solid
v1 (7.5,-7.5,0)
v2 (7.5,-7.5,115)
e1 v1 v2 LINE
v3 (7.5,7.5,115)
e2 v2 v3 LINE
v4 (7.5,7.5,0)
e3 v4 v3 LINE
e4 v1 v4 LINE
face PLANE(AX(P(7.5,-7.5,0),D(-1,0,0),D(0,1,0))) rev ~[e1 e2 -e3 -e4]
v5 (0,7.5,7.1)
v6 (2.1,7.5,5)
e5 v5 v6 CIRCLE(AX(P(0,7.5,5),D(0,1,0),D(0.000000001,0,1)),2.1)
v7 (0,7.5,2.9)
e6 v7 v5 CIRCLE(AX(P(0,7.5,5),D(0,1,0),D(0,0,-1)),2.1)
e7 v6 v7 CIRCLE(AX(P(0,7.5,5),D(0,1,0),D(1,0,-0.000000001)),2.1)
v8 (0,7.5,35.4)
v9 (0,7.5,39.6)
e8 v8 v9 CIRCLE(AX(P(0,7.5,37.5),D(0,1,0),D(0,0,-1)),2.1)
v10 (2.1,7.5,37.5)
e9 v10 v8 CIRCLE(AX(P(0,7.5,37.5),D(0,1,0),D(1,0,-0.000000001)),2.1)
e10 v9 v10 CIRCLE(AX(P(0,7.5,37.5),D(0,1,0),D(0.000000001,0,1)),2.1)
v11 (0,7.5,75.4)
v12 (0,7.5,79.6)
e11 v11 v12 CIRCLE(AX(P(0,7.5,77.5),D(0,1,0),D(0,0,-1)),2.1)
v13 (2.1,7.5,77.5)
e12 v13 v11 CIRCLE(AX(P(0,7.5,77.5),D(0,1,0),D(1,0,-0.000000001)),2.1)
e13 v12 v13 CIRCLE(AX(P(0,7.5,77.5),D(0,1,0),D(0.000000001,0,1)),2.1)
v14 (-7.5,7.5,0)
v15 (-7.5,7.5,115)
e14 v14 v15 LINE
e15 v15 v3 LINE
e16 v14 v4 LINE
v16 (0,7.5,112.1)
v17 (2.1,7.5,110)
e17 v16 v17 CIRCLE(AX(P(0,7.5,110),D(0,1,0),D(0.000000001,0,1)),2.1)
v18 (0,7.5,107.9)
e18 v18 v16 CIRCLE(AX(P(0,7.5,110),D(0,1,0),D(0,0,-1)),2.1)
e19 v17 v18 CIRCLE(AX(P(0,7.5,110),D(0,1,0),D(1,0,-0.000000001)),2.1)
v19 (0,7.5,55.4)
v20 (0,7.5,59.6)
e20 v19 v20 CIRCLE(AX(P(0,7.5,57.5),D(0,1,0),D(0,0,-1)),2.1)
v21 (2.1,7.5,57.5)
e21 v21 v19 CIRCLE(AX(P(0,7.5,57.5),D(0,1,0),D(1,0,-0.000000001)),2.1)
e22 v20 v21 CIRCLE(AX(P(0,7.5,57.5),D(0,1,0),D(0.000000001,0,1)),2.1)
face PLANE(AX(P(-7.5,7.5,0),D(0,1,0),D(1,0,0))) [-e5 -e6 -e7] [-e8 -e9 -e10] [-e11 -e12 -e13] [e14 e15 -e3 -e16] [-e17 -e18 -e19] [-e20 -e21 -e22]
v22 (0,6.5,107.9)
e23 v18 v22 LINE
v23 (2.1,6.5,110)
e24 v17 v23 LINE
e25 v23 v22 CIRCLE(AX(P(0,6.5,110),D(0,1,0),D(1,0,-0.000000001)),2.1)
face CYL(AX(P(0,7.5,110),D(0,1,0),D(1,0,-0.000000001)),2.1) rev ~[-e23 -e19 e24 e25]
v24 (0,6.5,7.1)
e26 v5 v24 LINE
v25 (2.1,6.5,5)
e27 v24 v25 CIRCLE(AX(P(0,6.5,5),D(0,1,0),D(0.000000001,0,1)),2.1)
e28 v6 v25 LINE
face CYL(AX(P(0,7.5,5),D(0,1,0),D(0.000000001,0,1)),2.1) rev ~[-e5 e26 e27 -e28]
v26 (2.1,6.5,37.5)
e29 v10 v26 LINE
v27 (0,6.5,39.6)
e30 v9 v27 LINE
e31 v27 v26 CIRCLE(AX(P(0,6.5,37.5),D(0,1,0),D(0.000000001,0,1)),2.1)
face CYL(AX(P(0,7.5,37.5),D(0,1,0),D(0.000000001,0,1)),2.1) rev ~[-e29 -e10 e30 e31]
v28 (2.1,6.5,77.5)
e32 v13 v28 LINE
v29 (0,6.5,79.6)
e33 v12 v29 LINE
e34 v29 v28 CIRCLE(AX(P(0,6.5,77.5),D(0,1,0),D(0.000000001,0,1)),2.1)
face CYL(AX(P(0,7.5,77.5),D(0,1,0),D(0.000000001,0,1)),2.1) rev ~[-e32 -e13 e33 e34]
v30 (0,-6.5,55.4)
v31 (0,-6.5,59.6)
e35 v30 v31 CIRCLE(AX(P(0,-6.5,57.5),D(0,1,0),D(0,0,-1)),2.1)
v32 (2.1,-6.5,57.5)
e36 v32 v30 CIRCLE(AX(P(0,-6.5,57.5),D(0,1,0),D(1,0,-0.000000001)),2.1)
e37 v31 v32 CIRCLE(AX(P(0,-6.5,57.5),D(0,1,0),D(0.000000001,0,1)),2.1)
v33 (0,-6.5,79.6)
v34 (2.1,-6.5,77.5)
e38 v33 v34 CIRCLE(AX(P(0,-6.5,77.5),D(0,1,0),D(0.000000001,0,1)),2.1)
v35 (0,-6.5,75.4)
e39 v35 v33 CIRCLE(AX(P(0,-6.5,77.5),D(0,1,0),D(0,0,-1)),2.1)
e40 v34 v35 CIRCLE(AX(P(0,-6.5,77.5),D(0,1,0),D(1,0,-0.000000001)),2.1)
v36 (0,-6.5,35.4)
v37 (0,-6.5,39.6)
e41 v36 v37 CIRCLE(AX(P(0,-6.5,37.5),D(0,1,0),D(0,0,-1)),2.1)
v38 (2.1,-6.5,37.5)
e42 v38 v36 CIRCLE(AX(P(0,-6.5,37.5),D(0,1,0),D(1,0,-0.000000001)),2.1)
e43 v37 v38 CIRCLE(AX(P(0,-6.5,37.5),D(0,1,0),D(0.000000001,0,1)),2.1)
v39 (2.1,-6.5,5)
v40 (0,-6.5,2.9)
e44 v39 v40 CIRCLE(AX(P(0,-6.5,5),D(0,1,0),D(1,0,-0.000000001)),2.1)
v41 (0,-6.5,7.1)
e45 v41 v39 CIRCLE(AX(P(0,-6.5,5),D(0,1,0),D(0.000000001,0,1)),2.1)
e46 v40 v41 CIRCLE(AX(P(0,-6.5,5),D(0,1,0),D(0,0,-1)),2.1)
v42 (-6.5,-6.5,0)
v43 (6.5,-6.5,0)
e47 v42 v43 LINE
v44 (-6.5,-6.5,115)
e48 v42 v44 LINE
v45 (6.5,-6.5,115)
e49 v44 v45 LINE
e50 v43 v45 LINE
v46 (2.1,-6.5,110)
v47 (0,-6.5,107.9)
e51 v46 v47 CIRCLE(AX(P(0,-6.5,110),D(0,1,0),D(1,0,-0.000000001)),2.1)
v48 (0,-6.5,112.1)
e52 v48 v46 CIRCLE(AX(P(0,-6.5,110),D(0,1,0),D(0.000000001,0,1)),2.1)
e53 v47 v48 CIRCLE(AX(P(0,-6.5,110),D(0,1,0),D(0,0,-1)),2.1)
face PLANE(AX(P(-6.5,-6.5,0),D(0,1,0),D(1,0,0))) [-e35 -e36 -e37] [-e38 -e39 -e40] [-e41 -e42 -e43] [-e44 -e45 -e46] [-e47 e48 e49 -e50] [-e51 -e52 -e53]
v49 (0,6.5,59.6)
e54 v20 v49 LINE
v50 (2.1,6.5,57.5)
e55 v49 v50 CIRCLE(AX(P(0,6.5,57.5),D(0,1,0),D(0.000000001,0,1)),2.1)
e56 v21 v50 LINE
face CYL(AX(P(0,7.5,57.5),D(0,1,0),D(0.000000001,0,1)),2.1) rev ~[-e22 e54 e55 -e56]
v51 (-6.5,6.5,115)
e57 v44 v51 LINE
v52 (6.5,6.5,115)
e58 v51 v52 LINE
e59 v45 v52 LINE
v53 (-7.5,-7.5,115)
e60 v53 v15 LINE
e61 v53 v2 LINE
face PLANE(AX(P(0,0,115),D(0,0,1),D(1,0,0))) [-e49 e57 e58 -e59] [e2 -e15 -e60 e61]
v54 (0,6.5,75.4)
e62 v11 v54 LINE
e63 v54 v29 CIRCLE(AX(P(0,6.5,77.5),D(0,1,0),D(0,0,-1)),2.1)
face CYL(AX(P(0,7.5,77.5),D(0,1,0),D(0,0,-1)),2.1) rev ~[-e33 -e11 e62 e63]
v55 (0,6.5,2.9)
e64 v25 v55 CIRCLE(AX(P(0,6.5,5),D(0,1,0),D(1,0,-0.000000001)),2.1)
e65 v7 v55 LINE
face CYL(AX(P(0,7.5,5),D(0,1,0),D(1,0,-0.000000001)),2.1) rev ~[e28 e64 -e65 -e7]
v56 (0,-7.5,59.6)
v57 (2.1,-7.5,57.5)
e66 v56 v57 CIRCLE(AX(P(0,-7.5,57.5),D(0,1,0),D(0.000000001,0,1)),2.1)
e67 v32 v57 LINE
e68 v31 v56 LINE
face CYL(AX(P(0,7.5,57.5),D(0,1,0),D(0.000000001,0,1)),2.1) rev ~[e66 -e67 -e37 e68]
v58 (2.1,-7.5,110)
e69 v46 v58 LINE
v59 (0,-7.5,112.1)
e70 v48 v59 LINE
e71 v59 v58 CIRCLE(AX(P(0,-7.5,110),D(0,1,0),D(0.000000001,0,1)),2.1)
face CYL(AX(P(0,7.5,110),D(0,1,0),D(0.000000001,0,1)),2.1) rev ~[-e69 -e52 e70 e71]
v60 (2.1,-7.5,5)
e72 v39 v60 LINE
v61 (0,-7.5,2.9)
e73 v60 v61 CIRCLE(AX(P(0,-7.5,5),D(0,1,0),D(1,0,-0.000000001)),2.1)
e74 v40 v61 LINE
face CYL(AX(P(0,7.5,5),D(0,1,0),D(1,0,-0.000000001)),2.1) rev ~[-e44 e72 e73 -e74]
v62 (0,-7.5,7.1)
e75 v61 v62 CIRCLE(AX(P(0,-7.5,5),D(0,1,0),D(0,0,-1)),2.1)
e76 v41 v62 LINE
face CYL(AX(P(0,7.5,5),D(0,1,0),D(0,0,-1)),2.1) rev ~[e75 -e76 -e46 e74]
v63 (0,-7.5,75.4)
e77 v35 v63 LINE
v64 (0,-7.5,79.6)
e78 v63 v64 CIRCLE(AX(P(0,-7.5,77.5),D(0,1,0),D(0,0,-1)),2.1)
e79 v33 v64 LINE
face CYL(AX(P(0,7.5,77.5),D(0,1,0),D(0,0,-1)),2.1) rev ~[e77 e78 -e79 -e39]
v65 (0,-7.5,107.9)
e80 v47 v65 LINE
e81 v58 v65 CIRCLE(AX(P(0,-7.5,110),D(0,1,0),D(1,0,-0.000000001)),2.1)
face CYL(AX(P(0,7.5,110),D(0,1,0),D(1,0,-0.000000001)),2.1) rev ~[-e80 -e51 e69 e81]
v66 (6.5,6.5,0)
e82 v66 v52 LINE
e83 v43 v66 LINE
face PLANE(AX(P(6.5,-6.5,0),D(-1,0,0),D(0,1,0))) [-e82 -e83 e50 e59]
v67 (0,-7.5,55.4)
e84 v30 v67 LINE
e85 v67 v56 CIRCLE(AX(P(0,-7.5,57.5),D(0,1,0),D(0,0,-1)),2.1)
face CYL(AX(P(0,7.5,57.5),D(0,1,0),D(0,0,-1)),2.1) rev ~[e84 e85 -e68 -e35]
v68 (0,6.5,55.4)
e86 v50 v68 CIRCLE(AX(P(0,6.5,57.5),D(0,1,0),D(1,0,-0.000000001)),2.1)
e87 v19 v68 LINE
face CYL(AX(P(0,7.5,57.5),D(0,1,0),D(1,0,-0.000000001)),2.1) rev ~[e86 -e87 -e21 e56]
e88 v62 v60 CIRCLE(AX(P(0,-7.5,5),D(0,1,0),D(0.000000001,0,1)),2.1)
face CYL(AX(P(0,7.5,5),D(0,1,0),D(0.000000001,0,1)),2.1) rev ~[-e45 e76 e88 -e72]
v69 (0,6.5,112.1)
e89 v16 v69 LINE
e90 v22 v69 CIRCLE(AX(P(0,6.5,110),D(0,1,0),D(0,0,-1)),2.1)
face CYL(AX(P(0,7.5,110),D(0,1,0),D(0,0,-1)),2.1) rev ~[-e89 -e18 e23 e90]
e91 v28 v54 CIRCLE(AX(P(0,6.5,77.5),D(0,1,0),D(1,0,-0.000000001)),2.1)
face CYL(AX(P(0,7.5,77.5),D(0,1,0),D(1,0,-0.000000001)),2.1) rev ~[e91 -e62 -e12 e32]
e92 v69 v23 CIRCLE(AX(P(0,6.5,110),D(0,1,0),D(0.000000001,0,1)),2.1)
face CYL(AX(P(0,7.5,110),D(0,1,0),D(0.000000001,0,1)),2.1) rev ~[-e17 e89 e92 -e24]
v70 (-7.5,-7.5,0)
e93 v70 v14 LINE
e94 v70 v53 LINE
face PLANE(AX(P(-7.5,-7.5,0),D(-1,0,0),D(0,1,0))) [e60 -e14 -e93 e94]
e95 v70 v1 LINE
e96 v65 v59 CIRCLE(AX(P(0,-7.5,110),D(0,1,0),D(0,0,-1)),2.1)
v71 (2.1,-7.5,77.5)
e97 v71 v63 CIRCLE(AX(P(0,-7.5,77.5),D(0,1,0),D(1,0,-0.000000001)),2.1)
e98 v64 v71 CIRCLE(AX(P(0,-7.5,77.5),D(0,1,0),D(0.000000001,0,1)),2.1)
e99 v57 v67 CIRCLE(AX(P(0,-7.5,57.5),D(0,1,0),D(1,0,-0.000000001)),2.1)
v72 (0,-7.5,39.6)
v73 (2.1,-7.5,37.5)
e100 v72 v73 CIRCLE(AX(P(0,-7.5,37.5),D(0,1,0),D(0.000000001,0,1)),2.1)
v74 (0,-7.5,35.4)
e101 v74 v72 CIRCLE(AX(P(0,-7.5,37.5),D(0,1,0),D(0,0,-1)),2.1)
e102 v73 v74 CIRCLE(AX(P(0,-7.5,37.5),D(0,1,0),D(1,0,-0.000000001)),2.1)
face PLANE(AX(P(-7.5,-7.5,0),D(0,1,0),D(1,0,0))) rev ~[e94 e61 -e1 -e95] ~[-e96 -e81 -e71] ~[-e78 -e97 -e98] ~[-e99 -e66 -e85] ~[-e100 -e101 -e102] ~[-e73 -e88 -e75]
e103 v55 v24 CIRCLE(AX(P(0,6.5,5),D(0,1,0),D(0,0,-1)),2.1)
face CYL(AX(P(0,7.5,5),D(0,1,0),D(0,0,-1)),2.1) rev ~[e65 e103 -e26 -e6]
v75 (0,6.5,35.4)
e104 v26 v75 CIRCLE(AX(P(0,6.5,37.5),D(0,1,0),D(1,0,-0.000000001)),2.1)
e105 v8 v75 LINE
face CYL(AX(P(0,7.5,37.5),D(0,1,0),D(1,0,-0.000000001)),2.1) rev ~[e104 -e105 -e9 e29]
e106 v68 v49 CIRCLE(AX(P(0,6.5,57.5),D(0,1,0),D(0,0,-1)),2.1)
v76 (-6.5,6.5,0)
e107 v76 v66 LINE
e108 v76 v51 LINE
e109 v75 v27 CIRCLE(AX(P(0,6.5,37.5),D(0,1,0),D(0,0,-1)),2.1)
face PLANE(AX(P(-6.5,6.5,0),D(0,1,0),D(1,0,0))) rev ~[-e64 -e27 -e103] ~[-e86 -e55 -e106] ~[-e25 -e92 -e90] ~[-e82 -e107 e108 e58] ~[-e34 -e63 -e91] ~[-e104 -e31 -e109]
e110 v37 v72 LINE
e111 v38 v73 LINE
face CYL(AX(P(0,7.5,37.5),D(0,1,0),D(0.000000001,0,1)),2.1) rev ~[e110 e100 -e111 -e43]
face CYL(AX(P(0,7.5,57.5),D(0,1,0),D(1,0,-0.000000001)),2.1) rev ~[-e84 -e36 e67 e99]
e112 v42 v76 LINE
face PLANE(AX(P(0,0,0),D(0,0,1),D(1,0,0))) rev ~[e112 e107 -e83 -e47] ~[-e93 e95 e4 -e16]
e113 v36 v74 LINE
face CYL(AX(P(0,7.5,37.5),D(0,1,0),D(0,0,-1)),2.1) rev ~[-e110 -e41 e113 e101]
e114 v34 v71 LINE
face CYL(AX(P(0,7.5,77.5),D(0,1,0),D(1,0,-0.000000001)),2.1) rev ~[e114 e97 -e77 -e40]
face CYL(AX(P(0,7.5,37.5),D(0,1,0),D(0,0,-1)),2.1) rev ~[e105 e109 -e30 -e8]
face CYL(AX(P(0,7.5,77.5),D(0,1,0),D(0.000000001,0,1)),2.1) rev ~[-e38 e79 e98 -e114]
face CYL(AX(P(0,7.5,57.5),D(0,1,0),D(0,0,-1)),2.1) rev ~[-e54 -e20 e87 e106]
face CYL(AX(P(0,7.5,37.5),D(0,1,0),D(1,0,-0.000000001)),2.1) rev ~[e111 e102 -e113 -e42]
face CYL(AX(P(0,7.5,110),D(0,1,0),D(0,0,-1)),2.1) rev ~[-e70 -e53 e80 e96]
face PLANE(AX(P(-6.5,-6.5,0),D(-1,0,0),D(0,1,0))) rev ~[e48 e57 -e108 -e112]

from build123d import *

# Parameters (mm, degrees)
SKETCH_1_W          = 15
SKETCH_1_H          = 15
SKETCH_1_W_2        = 13
SKETCH_1_H_2        = 13
EXTRUDE_1_DEPTH     = 115
CUT_EXTRUDE_1_DEPTH = 117.216392992


with BuildPart() as part:
    # ｽｹｯﾁ1 → 押し出し-薄板1 (new body)
    with BuildSketch(Plane.XY):
        Rectangle(SKETCH_1_W, SKETCH_1_H)
        Rectangle(SKETCH_1_W_2, SKETCH_1_H_2, mode=Mode.SUBTRACT)
    extrude(amount=EXTRUDE_1_DEPTH)

    # ｽｹｯﾁ2 → ｶｯﾄ - 押し出し1 (cut, through all)
    with BuildSketch(Plane(origin=(0, 7.5, 0), x_dir=(1, 0, 0), z_dir=(0, 1, 0))):
        with BuildLine():
            ThreePointArc((2.1, -110), (1.48492424, -108.51507576), (0, -107.9))
            Line((0, -107.9), (0, -112.1))
            ThreePointArc((0, -112.1), (1.48492424, -111.48492424), (2.1, -110))
        make_face()
        with BuildLine():
            Line((0, -112.1), (0, -107.9))
            ThreePointArc((0, -107.9), (-2.1, -110), (0, -112.1))
        make_face()
        with BuildLine():
            ThreePointArc((2.1, -77.5), (1.48492424, -76.01507576), (0, -75.4))
            Line((0, -75.4), (0, -79.6))
            ThreePointArc((0, -79.6), (1.48492424, -78.98492424), (2.1, -77.5))
        make_face()
        with BuildLine():
            Line((0, -79.6), (0, -75.4))
            ThreePointArc((0, -75.4), (-2.1, -77.5), (0, -79.6))
        make_face()
        with BuildLine():
            Line((0, -57.5), (0, -55.4))
            ThreePointArc((0, -55.4), (-2.1, -57.5), (0, -59.6))
            Line((0, -59.6), (0, -57.5))
        make_face()
        with BuildLine():
            ThreePointArc((2.1, -57.5), (1.48492424, -56.01507576), (0, -55.4))
            Line((0, -55.4), (0, -57.5))
            Line((0, -57.5), (2.1, -57.5))
        make_face()
        with BuildLine():
            Line((2.1, -57.5), (0, -57.5))
            Line((0, -57.5), (0, -59.6))
            ThreePointArc((0, -59.6), (1.48492424, -58.98492424), (2.1, -57.5))
        make_face()
        with BuildLine():
            ThreePointArc((2.1, -37.5), (1.48492424, -36.01507576), (0, -35.4))
            Line((0, -35.4), (0, -39.6))
            ThreePointArc((0, -39.6), (1.48492424, -38.98492424), (2.1, -37.5))
        make_face()
        with BuildLine():
            Line((0, -39.6), (0, -35.4))
            ThreePointArc((0, -35.4), (-2.1, -37.5), (0, -39.6))
        make_face()
        with BuildLine():
            ThreePointArc((2.1, -5), (1.48492424, -3.51507576), (0, -2.9))
            Line((0, -2.9), (0, -7.1))
            ThreePointArc((0, -7.1), (1.48492424, -6.48492424), (2.1, -5))
        make_face()
        with BuildLine():
            Line((0, -7.1), (0, -2.9))
            ThreePointArc((0, -2.9), (-2.1, -5), (0, -7.1))
        make_face()
    extrude(amount=-CUT_EXTRUDE_1_DEPTH, mode=Mode.SUBTRACT)


solid = part.part
